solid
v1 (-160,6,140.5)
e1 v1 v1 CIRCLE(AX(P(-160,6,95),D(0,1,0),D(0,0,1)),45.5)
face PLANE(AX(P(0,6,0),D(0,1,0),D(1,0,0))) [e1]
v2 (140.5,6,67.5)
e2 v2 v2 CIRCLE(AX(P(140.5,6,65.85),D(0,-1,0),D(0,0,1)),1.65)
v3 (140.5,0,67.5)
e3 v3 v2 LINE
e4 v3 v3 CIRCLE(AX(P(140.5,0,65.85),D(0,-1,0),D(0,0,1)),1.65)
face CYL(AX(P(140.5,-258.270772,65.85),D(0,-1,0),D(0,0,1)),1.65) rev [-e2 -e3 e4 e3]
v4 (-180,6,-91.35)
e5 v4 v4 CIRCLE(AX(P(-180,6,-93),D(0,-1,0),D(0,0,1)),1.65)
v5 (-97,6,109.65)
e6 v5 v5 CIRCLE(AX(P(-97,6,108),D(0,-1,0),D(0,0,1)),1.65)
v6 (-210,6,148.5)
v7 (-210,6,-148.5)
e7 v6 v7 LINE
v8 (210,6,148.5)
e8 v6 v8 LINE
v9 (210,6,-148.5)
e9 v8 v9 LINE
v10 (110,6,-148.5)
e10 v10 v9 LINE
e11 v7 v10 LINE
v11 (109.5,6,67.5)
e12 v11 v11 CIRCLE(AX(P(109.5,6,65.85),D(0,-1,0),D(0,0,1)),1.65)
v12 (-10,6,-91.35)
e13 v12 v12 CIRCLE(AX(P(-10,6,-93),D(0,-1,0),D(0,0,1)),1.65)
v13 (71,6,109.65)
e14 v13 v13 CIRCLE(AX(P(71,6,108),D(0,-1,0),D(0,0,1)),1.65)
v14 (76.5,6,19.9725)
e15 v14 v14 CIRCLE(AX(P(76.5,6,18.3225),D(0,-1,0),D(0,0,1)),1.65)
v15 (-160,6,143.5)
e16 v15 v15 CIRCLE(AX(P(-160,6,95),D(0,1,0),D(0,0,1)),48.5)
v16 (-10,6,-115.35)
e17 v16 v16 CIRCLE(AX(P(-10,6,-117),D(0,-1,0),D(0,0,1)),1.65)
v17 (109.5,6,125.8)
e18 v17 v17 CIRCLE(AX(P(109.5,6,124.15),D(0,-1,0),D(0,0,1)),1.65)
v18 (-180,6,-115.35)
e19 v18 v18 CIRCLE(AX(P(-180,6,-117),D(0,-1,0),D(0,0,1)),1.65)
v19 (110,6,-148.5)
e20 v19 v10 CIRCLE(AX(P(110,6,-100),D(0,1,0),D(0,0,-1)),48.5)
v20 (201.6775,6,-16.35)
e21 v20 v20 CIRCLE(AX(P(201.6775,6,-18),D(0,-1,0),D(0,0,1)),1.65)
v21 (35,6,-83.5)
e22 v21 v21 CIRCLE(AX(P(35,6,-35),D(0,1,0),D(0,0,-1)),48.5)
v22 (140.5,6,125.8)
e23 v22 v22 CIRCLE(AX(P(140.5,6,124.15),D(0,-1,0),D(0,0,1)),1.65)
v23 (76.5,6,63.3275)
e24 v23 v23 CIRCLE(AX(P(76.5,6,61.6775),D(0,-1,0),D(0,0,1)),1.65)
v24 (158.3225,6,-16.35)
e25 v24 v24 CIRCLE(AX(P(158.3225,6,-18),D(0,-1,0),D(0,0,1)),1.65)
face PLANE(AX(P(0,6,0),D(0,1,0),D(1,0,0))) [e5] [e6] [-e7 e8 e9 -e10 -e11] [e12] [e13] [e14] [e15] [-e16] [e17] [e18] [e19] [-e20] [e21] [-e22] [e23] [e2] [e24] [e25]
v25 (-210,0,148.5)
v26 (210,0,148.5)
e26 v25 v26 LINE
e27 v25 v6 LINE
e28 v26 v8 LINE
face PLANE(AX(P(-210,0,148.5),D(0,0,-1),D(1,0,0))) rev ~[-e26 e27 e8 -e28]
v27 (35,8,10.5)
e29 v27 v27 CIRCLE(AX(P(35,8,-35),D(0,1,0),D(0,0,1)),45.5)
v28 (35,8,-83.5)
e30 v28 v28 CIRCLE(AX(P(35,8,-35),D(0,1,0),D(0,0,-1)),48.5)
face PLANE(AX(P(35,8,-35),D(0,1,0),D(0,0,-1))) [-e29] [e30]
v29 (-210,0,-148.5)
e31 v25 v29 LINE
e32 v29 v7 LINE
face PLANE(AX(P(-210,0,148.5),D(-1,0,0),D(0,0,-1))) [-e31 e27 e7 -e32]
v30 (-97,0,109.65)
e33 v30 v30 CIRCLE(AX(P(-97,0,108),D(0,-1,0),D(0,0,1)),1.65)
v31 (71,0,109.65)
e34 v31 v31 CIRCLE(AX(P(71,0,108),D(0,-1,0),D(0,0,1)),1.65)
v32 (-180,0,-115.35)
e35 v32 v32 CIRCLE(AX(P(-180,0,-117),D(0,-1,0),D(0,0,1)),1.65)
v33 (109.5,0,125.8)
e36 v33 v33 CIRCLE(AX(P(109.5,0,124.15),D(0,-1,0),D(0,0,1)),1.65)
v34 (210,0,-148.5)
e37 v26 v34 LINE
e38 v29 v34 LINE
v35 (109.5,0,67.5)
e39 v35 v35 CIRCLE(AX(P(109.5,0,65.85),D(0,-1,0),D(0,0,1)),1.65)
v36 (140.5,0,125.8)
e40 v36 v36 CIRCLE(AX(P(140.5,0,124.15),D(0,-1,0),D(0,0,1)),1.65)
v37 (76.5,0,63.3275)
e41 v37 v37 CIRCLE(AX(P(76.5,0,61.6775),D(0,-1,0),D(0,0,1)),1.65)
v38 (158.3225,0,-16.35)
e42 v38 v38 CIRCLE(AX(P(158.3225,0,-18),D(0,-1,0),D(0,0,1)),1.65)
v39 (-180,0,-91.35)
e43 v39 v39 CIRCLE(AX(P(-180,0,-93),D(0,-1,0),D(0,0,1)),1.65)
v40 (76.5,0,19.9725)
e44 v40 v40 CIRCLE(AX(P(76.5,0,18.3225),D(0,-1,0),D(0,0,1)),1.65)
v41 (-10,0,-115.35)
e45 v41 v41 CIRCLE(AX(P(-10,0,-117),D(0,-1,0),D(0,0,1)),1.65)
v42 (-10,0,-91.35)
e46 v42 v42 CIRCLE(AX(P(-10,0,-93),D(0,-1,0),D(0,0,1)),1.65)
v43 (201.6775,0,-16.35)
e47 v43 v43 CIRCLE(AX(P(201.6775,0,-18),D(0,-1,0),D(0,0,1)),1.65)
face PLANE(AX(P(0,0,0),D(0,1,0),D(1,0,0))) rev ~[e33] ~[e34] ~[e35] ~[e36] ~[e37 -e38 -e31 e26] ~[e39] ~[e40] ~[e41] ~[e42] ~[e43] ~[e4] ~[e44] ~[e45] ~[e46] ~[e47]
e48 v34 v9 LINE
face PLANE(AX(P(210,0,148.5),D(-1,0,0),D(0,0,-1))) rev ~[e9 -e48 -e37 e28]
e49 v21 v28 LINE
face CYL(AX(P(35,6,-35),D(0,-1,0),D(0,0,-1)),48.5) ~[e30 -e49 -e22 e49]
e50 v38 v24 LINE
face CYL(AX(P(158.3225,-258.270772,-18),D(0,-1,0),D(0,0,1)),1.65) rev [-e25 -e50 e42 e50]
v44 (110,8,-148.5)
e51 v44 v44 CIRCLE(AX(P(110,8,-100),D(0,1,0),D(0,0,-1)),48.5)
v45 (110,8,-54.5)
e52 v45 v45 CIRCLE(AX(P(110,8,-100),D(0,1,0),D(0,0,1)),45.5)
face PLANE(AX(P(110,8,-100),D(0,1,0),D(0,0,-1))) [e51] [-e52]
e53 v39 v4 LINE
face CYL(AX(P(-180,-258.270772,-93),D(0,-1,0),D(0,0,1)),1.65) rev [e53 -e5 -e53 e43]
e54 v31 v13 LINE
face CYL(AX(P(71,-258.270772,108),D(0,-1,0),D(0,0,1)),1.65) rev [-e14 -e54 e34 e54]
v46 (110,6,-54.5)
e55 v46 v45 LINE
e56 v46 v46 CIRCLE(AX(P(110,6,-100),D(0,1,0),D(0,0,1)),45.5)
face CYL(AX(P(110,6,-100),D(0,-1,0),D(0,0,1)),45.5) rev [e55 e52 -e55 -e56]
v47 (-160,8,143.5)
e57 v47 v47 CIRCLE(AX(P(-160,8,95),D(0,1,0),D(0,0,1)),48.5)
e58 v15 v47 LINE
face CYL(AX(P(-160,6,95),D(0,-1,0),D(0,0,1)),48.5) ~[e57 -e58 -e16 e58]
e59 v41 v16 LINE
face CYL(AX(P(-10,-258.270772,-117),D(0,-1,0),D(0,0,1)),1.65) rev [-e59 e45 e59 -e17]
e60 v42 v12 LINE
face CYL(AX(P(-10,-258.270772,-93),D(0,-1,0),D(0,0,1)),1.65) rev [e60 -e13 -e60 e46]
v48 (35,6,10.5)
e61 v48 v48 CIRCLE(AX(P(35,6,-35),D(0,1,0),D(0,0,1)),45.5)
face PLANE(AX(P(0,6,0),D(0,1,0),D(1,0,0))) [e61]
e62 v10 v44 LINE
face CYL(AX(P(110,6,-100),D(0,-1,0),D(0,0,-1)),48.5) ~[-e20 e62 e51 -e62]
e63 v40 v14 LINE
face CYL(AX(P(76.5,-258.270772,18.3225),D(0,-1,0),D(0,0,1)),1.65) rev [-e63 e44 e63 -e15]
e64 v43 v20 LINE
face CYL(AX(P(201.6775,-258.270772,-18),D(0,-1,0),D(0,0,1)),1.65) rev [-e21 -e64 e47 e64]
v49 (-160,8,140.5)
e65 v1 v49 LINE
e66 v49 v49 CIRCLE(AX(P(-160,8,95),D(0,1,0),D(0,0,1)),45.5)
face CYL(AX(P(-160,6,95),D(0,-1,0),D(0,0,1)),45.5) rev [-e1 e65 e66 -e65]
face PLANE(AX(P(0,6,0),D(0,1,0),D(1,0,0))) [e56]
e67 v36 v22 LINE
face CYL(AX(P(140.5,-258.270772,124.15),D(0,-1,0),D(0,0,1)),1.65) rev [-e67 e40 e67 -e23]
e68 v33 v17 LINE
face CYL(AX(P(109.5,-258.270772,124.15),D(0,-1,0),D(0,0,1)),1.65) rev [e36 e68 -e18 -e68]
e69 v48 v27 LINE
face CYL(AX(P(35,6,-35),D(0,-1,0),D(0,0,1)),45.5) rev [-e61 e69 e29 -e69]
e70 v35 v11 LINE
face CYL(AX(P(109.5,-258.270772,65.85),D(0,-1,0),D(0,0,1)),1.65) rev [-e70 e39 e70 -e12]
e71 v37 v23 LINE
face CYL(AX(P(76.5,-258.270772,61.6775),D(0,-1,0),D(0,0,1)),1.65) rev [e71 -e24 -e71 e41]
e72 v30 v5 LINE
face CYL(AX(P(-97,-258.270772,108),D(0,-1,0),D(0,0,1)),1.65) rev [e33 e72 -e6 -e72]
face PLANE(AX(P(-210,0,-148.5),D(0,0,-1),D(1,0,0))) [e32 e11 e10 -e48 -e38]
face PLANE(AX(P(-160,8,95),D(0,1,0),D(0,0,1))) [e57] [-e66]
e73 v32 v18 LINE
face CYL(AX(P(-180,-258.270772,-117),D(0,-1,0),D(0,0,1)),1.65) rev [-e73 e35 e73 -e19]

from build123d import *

# Parameters (mm, degrees)
SKETCH1_W                  = 420
SKETCH1_H                  = 297
PLATE_DEPTH                = 6
TAPPED_HOLES_M4_DEPTH      = 258.270771756
TAPPED_HOLES_M4_DEPTH_BACK = 258.270771756
SKETCH2_R                  = 1.65
JAR_LOCATING_RINGS_START   = 6
SKETCH3_R                  = 48.5
SKETCH3_R_2                = 45.5
JAR_LOCATING_RINGS_DEPTH   = 2


with BuildPart() as part:
    # Sketch1 → Plate (new body)
    with BuildSketch(Plane(origin=(0, 0, 0), x_dir=(1, 0, 0), z_dir=(0, 1, 0))):
        Rectangle(SKETCH1_W, SKETCH1_H)
    extrude(amount=PLATE_DEPTH)

    # Sketch2 → Tapped_Holes_M4 (cut, two sides: drawn at the far end of the back side and taken through both)
    with BuildSketch(Plane(origin=(0, 0, 0), x_dir=(1, 0, 0), z_dir=(0, 1, 0)).offset(-TAPPED_HOLES_M4_DEPTH_BACK)):
        with Locations(Location((-97, -108, 0), (0, 0, 270))):
            Circle(SKETCH2_R)
        with Locations(Location((71, -108, 0), (0, 0, 270))):
            Circle(SKETCH2_R)
        with Locations(Location((-180, 117, 0), (0, 0, 270))):
            Circle(SKETCH2_R)
        with Locations(Location((-180, 93, 0), (0, 0, 270))):
            Circle(SKETCH2_R)
        with Locations(Location((-10, 117, 0), (0, 0, 270))):
            Circle(SKETCH2_R)
        with Locations(Location((-10, 93, 0), (0, 0, 270))):
            Circle(SKETCH2_R)
        with Locations(Location((109.5, -65.85, 0), (0, 0, 270))):
            Circle(SKETCH2_R)
        with Locations(Location((109.5, -124.15, 0), (0, 0, 270))):
            Circle(SKETCH2_R)
        with Locations(Location((140.5, -65.85, 0), (0, 0, 270))):
            Circle(SKETCH2_R)
        with Locations(Location((140.5, -124.15, 0), (0, 0, 270))):
            Circle(SKETCH2_R)
        with Locations(Location((158.3225, 18, 0), (0, 0, 270))):
            Circle(SKETCH2_R)
        with Locations(Location((201.6775, 18, 0), (0, 0, 270))):
            Circle(SKETCH2_R)
        with Locations(Location((76.5, -18.3225, 0), (0, 0, 270))):
            Circle(SKETCH2_R)
        with Locations(Location((76.5, -61.6775, 0), (0, 0, 270))):
            Circle(SKETCH2_R)
    extrude(amount=TAPPED_HOLES_M4_DEPTH + TAPPED_HOLES_M4_DEPTH_BACK, mode=Mode.SUBTRACT)

    # Sketch3 → Jar_Locating_Rings (add)
    # profile 1 of 3: a face of its own
    with BuildSketch(Plane(origin=(0, 0, 0), x_dir=(1, 0, 0), z_dir=(0, 1, 0)).offset(JAR_LOCATING_RINGS_START)):
        with Locations(Location((-160, -95, 0), (0, 0, 270))):
            Circle(SKETCH3_R)
        with Locations(Location((-160, -95, 0), (0, 0, 270))):
            Circle(SKETCH3_R_2, mode=Mode.SUBTRACT)
    # profile 2 of 3: a face of its own
    with BuildSketch(Plane(origin=(0, 0, 0), x_dir=(1, 0, 0), z_dir=(0, 1, 0)).offset(JAR_LOCATING_RINGS_START)):
        with Locations(Location((35, 35, 0), (0, 0, 90))):
            Circle(SKETCH3_R)
        with Locations(Location((35, 35, 0), (0, 0, 270))):
            Circle(SKETCH3_R_2, mode=Mode.SUBTRACT)
    # profile 3 of 3: a face of its own
    with BuildSketch(Plane(origin=(0, 0, 0), x_dir=(1, 0, 0), z_dir=(0, 1, 0)).offset(JAR_LOCATING_RINGS_START)):
        with Locations(Location((110, 100, 0), (0, 0, 90))):
            Circle(SKETCH3_R)
        with Locations(Location((110, 100, 0), (0, 0, 270))):
            Circle(SKETCH3_R_2, mode=Mode.SUBTRACT)
    extrude(amount=JAR_LOCATING_RINGS_DEPTH)


solid = part.part
